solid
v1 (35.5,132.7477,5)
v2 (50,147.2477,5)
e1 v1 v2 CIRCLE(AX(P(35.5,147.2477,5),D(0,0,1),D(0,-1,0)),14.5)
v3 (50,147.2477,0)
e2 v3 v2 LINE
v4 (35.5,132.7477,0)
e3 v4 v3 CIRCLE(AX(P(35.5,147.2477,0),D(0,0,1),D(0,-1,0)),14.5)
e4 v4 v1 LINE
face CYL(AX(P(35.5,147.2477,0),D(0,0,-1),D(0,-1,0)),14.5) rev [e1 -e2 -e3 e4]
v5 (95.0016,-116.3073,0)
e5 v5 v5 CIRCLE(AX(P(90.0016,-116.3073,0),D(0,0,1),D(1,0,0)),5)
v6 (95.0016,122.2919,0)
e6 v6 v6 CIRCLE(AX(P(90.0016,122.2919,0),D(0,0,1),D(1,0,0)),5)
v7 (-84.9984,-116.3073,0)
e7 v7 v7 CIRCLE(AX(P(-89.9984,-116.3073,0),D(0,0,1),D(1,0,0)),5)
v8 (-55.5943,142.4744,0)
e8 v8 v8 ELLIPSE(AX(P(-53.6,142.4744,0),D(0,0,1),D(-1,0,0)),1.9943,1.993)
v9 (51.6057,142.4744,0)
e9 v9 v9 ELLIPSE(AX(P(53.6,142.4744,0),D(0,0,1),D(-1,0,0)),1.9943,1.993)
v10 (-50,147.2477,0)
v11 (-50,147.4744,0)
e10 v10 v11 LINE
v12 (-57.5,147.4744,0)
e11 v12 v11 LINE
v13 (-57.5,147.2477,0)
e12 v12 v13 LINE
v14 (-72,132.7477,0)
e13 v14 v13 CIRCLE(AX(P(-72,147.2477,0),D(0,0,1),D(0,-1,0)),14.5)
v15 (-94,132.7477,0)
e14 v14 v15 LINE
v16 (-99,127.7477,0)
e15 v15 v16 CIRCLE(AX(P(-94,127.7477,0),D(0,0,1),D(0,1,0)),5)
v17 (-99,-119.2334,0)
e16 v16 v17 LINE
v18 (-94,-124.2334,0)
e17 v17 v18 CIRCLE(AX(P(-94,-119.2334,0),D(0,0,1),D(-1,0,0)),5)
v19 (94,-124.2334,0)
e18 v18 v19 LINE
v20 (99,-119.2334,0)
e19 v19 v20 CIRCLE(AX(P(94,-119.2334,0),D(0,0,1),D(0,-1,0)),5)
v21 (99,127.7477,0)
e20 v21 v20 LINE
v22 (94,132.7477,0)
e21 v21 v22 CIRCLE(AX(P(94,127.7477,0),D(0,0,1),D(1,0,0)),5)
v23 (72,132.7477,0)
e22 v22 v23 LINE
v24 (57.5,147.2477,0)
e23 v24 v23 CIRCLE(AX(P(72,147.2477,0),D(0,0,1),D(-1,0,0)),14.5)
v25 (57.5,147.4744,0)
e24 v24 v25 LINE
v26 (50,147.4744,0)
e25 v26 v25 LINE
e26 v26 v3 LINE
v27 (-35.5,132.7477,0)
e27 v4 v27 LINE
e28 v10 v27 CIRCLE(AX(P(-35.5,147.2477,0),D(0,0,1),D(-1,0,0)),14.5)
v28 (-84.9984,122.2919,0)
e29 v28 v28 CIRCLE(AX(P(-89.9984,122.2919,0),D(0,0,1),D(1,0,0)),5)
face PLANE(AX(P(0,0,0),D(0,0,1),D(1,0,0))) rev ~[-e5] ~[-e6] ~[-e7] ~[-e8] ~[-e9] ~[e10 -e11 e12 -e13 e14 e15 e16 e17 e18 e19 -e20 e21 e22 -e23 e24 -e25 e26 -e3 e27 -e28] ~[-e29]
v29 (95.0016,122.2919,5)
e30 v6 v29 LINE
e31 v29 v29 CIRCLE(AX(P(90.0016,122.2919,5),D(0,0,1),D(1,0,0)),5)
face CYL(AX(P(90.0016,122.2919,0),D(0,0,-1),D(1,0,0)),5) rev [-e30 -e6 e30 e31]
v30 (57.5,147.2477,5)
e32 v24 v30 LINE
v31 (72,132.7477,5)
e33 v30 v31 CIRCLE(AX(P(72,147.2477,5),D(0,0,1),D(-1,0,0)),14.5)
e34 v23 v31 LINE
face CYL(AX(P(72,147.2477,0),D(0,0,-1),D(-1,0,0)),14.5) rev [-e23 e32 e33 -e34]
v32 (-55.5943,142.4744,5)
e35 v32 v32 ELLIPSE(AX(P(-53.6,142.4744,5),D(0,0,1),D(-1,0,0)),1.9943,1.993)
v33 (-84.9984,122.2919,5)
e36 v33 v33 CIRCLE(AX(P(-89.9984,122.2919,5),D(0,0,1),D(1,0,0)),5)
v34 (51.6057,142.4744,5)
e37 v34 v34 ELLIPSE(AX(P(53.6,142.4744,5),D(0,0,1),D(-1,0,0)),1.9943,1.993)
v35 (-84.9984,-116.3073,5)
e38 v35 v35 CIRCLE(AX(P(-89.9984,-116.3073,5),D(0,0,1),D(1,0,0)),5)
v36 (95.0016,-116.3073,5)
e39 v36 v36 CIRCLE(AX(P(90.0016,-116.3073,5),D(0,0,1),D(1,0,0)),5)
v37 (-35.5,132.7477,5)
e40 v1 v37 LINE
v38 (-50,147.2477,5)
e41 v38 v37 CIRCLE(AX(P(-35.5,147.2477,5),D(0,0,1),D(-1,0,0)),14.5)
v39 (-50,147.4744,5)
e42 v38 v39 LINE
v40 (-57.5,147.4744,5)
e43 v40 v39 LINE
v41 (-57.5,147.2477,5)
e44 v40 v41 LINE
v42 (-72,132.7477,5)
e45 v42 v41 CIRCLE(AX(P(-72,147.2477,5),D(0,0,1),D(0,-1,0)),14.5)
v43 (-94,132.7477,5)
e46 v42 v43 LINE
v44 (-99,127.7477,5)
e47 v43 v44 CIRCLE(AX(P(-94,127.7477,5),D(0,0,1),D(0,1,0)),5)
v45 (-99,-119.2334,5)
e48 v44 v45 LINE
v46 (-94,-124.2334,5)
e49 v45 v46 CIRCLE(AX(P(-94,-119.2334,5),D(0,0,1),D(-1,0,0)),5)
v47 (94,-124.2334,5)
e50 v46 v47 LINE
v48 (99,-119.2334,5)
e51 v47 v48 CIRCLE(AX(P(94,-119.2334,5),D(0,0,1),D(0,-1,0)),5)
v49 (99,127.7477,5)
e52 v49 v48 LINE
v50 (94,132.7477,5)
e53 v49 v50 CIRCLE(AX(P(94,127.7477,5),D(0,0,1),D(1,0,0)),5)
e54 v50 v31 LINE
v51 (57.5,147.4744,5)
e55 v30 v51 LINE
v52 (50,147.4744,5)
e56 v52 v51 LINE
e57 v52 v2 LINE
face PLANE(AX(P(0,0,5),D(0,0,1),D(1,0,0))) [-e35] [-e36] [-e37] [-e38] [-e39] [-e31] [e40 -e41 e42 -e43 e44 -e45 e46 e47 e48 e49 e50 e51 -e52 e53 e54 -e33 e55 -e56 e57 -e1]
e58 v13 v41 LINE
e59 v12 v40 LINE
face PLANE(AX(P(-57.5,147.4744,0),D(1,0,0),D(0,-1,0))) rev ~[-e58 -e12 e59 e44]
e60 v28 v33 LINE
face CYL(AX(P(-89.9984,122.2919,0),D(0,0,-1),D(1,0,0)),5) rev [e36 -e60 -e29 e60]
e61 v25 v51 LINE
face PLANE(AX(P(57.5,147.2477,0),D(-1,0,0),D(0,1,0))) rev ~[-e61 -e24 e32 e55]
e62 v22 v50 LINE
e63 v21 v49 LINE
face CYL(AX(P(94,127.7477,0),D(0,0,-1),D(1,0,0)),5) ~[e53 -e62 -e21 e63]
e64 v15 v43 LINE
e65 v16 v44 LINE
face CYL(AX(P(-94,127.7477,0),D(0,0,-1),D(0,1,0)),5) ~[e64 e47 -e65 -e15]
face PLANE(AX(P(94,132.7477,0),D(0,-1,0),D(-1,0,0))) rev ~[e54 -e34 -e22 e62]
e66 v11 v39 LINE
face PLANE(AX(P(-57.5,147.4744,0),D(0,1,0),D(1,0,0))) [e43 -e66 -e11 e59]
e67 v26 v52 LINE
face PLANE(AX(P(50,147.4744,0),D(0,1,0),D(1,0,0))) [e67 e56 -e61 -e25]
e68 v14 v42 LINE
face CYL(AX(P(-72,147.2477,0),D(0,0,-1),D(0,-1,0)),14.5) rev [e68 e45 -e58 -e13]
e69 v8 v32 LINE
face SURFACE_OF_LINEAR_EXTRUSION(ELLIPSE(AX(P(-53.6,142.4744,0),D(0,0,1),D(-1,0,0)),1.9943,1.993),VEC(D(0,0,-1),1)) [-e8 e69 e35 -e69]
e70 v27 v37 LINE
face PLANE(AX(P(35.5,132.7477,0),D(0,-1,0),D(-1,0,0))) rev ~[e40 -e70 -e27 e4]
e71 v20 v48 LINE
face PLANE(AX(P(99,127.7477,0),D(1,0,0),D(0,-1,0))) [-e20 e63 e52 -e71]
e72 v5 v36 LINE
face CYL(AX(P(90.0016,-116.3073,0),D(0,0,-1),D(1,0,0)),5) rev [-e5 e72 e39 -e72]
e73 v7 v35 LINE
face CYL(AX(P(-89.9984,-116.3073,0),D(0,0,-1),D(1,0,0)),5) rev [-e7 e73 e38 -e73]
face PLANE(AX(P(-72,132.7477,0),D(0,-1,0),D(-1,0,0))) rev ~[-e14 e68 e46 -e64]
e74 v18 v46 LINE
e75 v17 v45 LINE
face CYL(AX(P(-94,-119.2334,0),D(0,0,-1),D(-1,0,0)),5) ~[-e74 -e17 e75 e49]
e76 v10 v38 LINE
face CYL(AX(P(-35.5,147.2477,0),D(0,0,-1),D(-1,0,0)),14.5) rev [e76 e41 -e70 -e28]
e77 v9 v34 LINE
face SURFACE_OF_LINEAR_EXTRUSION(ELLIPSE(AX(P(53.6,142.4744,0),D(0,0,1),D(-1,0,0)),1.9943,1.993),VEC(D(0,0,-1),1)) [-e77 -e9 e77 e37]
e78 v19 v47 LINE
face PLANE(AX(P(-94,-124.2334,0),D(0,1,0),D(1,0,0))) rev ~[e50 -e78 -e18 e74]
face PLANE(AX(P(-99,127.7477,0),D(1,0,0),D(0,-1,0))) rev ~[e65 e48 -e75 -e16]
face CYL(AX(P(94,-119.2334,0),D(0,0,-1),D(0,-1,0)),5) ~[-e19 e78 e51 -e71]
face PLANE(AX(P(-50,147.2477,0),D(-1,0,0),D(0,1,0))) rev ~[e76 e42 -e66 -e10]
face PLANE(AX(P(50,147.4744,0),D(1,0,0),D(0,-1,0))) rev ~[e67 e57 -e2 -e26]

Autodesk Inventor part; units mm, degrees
ref_plane "YZ Plane" through (0, 0, 0) normal (1, 0, 0) x (0, 1, 0)
ref_plane "XZ Plane" through (0, 0, 0) normal (0, 1, 0) x (-1, 0, 0)
ref_plane "XY Plane" through (0, 0, 0) normal (0, 0, 1) x (1, 0, 0)
sketch "Sketch1" plane through (0, 0, 0) normal (0, 0, 1) x (1, 0, 0)
  ellipse E0 centre (-53.6, 142.4744) end of major axis (-55.5943, 142.4744) minor radius 1.993
  ellipse E1 centre (53.6, 142.4744) end of major axis (51.6057, 142.4744) minor radius 1.993
  line L0 (-57.5, 147.4744) -> (-50, 147.4744)
  line L1 (50, 147.4744) -> (57.5, 147.4744)
  line L2 (99, 127.7477) -> (99, -119.2334)
  line L3 (-99, 127.7477) -> (-99, -119.2334)
  line L4 (-94, -124.2334) -> (94, -124.2334)
  line L5 (94, 132.7477) -> (72, 132.7477)
  line L6 (57.5, 147.2477) -> (57.5, 147.4744)
  line L7 (50, 147.4744) -> (50, 147.2477)
  line L8 (35.5, 132.7477) -> (-35.5, 132.7477)
  line L9 (-50, 147.2477) -> (-50, 147.4744)
  line L10 (-57.5, 147.4744) -> (-57.5, 147.2477)
  line L11 (-72, 132.7477) -> (-94, 132.7477)
  arc A0 (57.5, 147.2477) -> (72, 132.7477) centre (72, 147.2477) ccw
  arc A1 (35.5, 132.7477) -> (50, 147.2477) centre (35.5, 147.2477) ccw
  arc A2 (-50, 147.2477) -> (-35.5, 132.7477) centre (-35.5, 147.2477) ccw
  arc A3 (-72, 132.7477) -> (-57.5, 147.2477) centre (-72, 147.2477) ccw
  arc A4 (99, 127.7477) -> (94, 132.7477) centre (94, 127.7477) ccw
  arc A5 (-94, 132.7477) -> (-99, 127.7477) centre (-94, 127.7477) ccw
  arc A6 (94, -124.2334) -> (99, -119.2334) centre (94, -119.2334) ccw
  arc A7 (-99, -119.2334) -> (-94, -124.2334) centre (-94, -119.2334) ccw
  circle A8 centre (90.0016, 122.2919) radius 5
  circle A9 centre (-89.9984, 122.2919) radius 5
  circle A10 centre (90.0016, -116.3073) radius 5
  circle A11 centre (-89.9984, -116.3073) radius 5
  point P0 (57.5, 132.7477)
  point P1 (-57.5, 132.7477)
  point P2 (-99, 132.7477)
  dimension "d3" = 7.5
  dimension "d4" = 7.5
  dimension "d18" = 5
  dimension "d28" = 14.7267
  dimension "d29" = 14.5
  dimension "d31" = 5
extrude "Extrusion1" add sketch "Sketch1" along normal blind 5
properties part number "back plate" material "ABS Plastic"
